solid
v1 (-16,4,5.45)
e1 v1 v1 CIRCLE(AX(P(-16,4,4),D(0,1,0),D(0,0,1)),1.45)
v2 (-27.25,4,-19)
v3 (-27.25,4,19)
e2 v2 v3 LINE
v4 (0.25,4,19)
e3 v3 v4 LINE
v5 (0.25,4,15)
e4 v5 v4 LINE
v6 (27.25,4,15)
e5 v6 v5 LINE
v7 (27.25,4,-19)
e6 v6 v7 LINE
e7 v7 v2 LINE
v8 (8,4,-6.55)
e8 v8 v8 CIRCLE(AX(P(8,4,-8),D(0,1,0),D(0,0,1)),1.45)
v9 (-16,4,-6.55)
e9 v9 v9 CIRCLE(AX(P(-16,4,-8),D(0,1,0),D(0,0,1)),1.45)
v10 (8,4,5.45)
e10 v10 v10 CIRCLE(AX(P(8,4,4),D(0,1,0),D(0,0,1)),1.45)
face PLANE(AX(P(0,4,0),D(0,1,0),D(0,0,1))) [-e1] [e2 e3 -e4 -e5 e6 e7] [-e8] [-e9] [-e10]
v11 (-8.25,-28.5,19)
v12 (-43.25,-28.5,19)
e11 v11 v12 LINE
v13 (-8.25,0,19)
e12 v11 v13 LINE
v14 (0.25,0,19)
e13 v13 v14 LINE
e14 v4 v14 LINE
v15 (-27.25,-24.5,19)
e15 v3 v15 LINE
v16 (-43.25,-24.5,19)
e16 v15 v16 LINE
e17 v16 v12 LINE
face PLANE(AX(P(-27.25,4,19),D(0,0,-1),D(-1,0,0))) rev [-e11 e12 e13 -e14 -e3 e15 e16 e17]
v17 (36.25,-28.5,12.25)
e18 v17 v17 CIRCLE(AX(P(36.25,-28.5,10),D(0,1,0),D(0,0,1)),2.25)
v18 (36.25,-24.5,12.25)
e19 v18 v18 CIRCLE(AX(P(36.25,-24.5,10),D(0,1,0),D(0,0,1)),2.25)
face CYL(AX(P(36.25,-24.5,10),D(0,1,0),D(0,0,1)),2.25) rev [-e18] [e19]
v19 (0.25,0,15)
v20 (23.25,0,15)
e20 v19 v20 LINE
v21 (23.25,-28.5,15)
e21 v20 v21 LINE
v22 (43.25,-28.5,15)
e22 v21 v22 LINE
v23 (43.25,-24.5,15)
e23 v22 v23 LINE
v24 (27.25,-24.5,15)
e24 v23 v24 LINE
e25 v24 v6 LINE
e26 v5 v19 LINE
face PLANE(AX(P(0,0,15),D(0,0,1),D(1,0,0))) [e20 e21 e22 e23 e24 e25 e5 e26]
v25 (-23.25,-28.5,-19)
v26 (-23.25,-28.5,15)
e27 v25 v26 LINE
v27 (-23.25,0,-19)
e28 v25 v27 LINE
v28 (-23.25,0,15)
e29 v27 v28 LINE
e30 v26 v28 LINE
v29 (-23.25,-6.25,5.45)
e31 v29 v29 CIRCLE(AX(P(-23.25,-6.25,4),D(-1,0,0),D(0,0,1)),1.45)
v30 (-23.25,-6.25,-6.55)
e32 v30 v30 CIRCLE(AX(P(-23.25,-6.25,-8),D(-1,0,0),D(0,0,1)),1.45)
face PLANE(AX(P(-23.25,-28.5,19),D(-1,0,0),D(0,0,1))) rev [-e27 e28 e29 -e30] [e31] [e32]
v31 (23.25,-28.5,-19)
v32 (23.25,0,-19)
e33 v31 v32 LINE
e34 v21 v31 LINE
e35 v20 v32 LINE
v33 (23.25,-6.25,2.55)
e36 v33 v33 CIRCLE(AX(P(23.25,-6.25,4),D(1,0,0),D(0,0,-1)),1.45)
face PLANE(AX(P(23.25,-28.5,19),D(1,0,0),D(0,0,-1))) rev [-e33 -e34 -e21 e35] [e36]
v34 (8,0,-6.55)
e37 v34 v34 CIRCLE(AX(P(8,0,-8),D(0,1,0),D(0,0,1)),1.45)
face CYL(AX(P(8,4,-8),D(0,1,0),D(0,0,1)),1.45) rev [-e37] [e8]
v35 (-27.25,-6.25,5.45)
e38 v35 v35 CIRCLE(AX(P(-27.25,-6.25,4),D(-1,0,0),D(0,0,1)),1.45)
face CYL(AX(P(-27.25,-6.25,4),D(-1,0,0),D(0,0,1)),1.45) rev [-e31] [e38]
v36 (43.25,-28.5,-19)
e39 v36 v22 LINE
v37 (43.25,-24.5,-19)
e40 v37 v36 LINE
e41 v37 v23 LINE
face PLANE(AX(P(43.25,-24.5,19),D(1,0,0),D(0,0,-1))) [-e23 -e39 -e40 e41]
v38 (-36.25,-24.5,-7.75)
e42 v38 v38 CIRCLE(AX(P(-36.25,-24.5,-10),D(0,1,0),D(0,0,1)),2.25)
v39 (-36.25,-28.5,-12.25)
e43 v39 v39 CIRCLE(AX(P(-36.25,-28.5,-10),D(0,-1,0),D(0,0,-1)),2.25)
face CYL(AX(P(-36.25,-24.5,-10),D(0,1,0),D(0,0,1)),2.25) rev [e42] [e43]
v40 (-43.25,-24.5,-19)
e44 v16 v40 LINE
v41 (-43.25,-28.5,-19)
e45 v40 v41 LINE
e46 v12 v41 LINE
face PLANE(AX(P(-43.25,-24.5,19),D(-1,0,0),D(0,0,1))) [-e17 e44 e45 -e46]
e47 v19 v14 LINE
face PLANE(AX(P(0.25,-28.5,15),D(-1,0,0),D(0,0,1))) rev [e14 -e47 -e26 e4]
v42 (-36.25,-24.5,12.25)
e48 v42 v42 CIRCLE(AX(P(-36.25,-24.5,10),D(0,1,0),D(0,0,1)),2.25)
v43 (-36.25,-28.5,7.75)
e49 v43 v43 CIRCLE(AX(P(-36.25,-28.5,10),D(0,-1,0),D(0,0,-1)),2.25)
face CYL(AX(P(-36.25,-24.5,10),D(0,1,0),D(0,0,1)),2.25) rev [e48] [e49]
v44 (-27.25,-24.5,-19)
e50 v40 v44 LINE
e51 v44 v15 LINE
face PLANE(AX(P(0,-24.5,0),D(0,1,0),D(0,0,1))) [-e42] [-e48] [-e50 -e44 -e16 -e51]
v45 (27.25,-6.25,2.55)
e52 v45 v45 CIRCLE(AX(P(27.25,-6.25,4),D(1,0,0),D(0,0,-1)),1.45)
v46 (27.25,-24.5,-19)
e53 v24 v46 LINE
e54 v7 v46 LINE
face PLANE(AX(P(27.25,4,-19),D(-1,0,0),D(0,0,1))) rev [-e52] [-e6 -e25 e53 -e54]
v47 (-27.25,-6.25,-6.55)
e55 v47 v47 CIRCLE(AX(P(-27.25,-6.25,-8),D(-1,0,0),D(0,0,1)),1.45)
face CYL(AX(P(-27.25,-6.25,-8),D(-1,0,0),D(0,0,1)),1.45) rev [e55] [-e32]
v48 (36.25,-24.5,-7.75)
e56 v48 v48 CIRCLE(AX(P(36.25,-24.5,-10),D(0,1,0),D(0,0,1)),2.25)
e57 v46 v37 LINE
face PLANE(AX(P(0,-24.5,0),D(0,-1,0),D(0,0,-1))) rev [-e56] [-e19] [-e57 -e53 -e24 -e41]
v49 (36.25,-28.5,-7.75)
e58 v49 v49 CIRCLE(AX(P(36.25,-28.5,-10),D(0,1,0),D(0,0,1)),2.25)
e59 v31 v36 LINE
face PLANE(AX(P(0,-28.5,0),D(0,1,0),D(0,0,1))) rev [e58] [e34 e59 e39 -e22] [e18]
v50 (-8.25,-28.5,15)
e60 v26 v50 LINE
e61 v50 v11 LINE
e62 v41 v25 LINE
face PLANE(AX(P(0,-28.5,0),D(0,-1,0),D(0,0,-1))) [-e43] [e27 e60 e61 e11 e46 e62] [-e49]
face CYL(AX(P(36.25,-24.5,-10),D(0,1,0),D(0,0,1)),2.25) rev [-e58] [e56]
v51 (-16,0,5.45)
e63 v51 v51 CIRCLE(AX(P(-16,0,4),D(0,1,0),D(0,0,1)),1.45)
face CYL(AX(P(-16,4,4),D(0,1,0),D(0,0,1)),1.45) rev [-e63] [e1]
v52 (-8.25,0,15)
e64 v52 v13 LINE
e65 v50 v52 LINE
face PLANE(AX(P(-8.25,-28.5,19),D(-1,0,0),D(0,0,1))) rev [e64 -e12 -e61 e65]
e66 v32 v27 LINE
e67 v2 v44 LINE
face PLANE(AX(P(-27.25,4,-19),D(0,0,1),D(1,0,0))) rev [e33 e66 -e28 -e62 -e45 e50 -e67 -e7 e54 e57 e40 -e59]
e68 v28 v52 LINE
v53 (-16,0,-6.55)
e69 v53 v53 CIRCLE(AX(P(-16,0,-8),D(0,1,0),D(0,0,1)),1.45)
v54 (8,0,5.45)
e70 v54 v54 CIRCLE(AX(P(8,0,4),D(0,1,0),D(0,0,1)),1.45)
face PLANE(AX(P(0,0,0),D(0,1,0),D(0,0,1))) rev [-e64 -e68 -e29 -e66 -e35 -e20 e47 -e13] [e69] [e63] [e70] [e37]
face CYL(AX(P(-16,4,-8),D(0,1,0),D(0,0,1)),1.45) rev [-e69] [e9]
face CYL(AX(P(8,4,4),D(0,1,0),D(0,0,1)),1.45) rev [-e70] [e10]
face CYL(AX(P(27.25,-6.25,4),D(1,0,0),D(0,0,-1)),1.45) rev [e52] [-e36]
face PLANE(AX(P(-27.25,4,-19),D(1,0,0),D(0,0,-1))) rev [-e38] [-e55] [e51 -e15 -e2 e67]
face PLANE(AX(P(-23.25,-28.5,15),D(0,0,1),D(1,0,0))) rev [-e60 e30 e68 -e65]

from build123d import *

# Parameters (mm, degrees)
SKETCH_31_W              = 54.5
SKETCH_31_H              = 38
EXTRUDE_11_DEPTH         = 4
SKETCH_32_W              = 4
SKETCH_32_H              = 38
EXTRUDE_12_DEPTH         = 28.5
SKETCH_33_W              = 16
SKETCH_33_H              = 38
EXTRUDE_13_DEPTH         = 4
SKETCH_34_W              = 15
SKETCH_34_H              = 4
EXTRUDE_14_DEPTH         = 28.5
HOLE_WIZARD_M2_5_1_D     = 2.9
HOLE_WIZARD_M2_5_1_DEPTH = 10
HOLE_WIZARD_M2_5_1_TIP   = 0.871247898
HOLE_WIZARD_M2_5_2_D     = 2.9
HOLE_WIZARD_M2_5_2_DEPTH = 10
HOLE_WIZARD_M2_5_2_TIP   = 0.871247898
HOLE_WIZARD_M2_5_3_D     = 2.9
HOLE_WIZARD_M2_5_3_DEPTH = 10
HOLE_WIZARD_M2_5_3_TIP   = 0.871247898
HOLE_WIZARD_M4_1_D       = 4.5
HOLE_WIZARD_M4_1_DEPTH   = 10
HOLE_WIZARD_M4_1_TIP     = 1.351936393
SKETCH_46_W              = 43
SKETCH_46_H              = 32.5
CUT_EXTRUDE_4_DEPTH      = 4


with BuildPart() as part:
    # 스케치31 → 보스-돌출11 (new body)
    with BuildSketch(Plane(origin=(0, 0, 0), x_dir=(1, 0, 0), z_dir=(0, 1, 0))):
        Rectangle(SKETCH_31_W, SKETCH_31_H)
    extrude(amount=EXTRUDE_11_DEPTH)

    # 스케치32 → 보스-돌출12 (add)
    with BuildSketch(Plane.XZ):
        with Locations((25.25, 0)):
            Rectangle(SKETCH_32_W, SKETCH_32_H)
        with Locations((-25.25, 0)):
            Rectangle(SKETCH_32_W, SKETCH_32_H)
    extrude(amount=EXTRUDE_12_DEPTH)

    # 스케치33 → 보스-돌출13 (add)
    with BuildSketch(Plane.XZ.offset(28.5)):
        with Locations((-35.25, 0)):
            Rectangle(SKETCH_33_W, SKETCH_33_H)
        with Locations((35.25, 0)):
            Rectangle(SKETCH_33_W, SKETCH_33_H)
    extrude(amount=-EXTRUDE_13_DEPTH)

    # 스케치34 → 보스-돌출14 (add)
    with BuildSketch(Plane.XZ):
        with Locations((-15.75, 17)):
            Rectangle(SKETCH_34_W, SKETCH_34_H)
    extrude(amount=EXTRUDE_14_DEPTH)

    # M2.5 여유 구멍1
    with Locations(Plane(origin=(0, 4, 0), x_dir=(1, 0, 0), z_dir=(0, 1, 0))):
        with Locations((8, 8), (8, -4), (-16, -4), (-16, 8)):
            Hole(HOLE_WIZARD_M2_5_1_D / 2, depth=HOLE_WIZARD_M2_5_1_DEPTH)
            with Locations((0, 0, -(HOLE_WIZARD_M2_5_1_DEPTH + HOLE_WIZARD_M2_5_1_TIP / 2))):  # 118° drill point
                Cone(0, HOLE_WIZARD_M2_5_1_D / 2, HOLE_WIZARD_M2_5_1_TIP, mode=Mode.SUBTRACT)

    # M2.5 여유 구멍2
    with Locations(Plane(origin=(27.25, 0, 0), x_dir=(0, 0, -1), z_dir=(1, 0, 0))):
        with Locations((-4, -6.25)):
            Hole(HOLE_WIZARD_M2_5_2_D / 2, depth=HOLE_WIZARD_M2_5_2_DEPTH)
            with Locations((0, 0, -(HOLE_WIZARD_M2_5_2_DEPTH + HOLE_WIZARD_M2_5_2_TIP / 2))):  # 118° drill point
                Cone(0, HOLE_WIZARD_M2_5_2_D / 2, HOLE_WIZARD_M2_5_2_TIP, mode=Mode.SUBTRACT)

    # M2.5 여유 구멍3
    with Locations(Plane.ZY.offset(27.25)):
        with Locations((4, -6.25), (-8, -6.25)):
            Hole(HOLE_WIZARD_M2_5_3_D / 2, depth=HOLE_WIZARD_M2_5_3_DEPTH)
            with Locations((0, 0, -(HOLE_WIZARD_M2_5_3_DEPTH + HOLE_WIZARD_M2_5_3_TIP / 2))):  # 118° drill point
                Cone(0, HOLE_WIZARD_M2_5_3_D / 2, HOLE_WIZARD_M2_5_3_TIP, mode=Mode.SUBTRACT)

    # M4 여유 구멍1
    with Locations(Plane(origin=(0, -24.5, 0), x_dir=(1, 0, 0), z_dir=(0, 1, 0))):
        with Locations((36.25, 10), (36.25, -10), (-36.25, -10), (-36.25, 10)):
            Hole(HOLE_WIZARD_M4_1_D / 2, depth=HOLE_WIZARD_M4_1_DEPTH)
            with Locations((0, 0, -(HOLE_WIZARD_M4_1_DEPTH + HOLE_WIZARD_M4_1_TIP / 2))):  # 118° drill point
                Cone(0, HOLE_WIZARD_M4_1_D / 2, HOLE_WIZARD_M4_1_TIP, mode=Mode.SUBTRACT)

    # 스케치46 → 컷-돌출4 (cut)
    with BuildSketch(Plane.XY.offset(19)):
        with Locations((21.75, -12.25)):
            Rectangle(SKETCH_46_W, SKETCH_46_H)
    extrude(amount=-CUT_EXTRUDE_4_DEPTH, mode=Mode.SUBTRACT)


solid = part.part
